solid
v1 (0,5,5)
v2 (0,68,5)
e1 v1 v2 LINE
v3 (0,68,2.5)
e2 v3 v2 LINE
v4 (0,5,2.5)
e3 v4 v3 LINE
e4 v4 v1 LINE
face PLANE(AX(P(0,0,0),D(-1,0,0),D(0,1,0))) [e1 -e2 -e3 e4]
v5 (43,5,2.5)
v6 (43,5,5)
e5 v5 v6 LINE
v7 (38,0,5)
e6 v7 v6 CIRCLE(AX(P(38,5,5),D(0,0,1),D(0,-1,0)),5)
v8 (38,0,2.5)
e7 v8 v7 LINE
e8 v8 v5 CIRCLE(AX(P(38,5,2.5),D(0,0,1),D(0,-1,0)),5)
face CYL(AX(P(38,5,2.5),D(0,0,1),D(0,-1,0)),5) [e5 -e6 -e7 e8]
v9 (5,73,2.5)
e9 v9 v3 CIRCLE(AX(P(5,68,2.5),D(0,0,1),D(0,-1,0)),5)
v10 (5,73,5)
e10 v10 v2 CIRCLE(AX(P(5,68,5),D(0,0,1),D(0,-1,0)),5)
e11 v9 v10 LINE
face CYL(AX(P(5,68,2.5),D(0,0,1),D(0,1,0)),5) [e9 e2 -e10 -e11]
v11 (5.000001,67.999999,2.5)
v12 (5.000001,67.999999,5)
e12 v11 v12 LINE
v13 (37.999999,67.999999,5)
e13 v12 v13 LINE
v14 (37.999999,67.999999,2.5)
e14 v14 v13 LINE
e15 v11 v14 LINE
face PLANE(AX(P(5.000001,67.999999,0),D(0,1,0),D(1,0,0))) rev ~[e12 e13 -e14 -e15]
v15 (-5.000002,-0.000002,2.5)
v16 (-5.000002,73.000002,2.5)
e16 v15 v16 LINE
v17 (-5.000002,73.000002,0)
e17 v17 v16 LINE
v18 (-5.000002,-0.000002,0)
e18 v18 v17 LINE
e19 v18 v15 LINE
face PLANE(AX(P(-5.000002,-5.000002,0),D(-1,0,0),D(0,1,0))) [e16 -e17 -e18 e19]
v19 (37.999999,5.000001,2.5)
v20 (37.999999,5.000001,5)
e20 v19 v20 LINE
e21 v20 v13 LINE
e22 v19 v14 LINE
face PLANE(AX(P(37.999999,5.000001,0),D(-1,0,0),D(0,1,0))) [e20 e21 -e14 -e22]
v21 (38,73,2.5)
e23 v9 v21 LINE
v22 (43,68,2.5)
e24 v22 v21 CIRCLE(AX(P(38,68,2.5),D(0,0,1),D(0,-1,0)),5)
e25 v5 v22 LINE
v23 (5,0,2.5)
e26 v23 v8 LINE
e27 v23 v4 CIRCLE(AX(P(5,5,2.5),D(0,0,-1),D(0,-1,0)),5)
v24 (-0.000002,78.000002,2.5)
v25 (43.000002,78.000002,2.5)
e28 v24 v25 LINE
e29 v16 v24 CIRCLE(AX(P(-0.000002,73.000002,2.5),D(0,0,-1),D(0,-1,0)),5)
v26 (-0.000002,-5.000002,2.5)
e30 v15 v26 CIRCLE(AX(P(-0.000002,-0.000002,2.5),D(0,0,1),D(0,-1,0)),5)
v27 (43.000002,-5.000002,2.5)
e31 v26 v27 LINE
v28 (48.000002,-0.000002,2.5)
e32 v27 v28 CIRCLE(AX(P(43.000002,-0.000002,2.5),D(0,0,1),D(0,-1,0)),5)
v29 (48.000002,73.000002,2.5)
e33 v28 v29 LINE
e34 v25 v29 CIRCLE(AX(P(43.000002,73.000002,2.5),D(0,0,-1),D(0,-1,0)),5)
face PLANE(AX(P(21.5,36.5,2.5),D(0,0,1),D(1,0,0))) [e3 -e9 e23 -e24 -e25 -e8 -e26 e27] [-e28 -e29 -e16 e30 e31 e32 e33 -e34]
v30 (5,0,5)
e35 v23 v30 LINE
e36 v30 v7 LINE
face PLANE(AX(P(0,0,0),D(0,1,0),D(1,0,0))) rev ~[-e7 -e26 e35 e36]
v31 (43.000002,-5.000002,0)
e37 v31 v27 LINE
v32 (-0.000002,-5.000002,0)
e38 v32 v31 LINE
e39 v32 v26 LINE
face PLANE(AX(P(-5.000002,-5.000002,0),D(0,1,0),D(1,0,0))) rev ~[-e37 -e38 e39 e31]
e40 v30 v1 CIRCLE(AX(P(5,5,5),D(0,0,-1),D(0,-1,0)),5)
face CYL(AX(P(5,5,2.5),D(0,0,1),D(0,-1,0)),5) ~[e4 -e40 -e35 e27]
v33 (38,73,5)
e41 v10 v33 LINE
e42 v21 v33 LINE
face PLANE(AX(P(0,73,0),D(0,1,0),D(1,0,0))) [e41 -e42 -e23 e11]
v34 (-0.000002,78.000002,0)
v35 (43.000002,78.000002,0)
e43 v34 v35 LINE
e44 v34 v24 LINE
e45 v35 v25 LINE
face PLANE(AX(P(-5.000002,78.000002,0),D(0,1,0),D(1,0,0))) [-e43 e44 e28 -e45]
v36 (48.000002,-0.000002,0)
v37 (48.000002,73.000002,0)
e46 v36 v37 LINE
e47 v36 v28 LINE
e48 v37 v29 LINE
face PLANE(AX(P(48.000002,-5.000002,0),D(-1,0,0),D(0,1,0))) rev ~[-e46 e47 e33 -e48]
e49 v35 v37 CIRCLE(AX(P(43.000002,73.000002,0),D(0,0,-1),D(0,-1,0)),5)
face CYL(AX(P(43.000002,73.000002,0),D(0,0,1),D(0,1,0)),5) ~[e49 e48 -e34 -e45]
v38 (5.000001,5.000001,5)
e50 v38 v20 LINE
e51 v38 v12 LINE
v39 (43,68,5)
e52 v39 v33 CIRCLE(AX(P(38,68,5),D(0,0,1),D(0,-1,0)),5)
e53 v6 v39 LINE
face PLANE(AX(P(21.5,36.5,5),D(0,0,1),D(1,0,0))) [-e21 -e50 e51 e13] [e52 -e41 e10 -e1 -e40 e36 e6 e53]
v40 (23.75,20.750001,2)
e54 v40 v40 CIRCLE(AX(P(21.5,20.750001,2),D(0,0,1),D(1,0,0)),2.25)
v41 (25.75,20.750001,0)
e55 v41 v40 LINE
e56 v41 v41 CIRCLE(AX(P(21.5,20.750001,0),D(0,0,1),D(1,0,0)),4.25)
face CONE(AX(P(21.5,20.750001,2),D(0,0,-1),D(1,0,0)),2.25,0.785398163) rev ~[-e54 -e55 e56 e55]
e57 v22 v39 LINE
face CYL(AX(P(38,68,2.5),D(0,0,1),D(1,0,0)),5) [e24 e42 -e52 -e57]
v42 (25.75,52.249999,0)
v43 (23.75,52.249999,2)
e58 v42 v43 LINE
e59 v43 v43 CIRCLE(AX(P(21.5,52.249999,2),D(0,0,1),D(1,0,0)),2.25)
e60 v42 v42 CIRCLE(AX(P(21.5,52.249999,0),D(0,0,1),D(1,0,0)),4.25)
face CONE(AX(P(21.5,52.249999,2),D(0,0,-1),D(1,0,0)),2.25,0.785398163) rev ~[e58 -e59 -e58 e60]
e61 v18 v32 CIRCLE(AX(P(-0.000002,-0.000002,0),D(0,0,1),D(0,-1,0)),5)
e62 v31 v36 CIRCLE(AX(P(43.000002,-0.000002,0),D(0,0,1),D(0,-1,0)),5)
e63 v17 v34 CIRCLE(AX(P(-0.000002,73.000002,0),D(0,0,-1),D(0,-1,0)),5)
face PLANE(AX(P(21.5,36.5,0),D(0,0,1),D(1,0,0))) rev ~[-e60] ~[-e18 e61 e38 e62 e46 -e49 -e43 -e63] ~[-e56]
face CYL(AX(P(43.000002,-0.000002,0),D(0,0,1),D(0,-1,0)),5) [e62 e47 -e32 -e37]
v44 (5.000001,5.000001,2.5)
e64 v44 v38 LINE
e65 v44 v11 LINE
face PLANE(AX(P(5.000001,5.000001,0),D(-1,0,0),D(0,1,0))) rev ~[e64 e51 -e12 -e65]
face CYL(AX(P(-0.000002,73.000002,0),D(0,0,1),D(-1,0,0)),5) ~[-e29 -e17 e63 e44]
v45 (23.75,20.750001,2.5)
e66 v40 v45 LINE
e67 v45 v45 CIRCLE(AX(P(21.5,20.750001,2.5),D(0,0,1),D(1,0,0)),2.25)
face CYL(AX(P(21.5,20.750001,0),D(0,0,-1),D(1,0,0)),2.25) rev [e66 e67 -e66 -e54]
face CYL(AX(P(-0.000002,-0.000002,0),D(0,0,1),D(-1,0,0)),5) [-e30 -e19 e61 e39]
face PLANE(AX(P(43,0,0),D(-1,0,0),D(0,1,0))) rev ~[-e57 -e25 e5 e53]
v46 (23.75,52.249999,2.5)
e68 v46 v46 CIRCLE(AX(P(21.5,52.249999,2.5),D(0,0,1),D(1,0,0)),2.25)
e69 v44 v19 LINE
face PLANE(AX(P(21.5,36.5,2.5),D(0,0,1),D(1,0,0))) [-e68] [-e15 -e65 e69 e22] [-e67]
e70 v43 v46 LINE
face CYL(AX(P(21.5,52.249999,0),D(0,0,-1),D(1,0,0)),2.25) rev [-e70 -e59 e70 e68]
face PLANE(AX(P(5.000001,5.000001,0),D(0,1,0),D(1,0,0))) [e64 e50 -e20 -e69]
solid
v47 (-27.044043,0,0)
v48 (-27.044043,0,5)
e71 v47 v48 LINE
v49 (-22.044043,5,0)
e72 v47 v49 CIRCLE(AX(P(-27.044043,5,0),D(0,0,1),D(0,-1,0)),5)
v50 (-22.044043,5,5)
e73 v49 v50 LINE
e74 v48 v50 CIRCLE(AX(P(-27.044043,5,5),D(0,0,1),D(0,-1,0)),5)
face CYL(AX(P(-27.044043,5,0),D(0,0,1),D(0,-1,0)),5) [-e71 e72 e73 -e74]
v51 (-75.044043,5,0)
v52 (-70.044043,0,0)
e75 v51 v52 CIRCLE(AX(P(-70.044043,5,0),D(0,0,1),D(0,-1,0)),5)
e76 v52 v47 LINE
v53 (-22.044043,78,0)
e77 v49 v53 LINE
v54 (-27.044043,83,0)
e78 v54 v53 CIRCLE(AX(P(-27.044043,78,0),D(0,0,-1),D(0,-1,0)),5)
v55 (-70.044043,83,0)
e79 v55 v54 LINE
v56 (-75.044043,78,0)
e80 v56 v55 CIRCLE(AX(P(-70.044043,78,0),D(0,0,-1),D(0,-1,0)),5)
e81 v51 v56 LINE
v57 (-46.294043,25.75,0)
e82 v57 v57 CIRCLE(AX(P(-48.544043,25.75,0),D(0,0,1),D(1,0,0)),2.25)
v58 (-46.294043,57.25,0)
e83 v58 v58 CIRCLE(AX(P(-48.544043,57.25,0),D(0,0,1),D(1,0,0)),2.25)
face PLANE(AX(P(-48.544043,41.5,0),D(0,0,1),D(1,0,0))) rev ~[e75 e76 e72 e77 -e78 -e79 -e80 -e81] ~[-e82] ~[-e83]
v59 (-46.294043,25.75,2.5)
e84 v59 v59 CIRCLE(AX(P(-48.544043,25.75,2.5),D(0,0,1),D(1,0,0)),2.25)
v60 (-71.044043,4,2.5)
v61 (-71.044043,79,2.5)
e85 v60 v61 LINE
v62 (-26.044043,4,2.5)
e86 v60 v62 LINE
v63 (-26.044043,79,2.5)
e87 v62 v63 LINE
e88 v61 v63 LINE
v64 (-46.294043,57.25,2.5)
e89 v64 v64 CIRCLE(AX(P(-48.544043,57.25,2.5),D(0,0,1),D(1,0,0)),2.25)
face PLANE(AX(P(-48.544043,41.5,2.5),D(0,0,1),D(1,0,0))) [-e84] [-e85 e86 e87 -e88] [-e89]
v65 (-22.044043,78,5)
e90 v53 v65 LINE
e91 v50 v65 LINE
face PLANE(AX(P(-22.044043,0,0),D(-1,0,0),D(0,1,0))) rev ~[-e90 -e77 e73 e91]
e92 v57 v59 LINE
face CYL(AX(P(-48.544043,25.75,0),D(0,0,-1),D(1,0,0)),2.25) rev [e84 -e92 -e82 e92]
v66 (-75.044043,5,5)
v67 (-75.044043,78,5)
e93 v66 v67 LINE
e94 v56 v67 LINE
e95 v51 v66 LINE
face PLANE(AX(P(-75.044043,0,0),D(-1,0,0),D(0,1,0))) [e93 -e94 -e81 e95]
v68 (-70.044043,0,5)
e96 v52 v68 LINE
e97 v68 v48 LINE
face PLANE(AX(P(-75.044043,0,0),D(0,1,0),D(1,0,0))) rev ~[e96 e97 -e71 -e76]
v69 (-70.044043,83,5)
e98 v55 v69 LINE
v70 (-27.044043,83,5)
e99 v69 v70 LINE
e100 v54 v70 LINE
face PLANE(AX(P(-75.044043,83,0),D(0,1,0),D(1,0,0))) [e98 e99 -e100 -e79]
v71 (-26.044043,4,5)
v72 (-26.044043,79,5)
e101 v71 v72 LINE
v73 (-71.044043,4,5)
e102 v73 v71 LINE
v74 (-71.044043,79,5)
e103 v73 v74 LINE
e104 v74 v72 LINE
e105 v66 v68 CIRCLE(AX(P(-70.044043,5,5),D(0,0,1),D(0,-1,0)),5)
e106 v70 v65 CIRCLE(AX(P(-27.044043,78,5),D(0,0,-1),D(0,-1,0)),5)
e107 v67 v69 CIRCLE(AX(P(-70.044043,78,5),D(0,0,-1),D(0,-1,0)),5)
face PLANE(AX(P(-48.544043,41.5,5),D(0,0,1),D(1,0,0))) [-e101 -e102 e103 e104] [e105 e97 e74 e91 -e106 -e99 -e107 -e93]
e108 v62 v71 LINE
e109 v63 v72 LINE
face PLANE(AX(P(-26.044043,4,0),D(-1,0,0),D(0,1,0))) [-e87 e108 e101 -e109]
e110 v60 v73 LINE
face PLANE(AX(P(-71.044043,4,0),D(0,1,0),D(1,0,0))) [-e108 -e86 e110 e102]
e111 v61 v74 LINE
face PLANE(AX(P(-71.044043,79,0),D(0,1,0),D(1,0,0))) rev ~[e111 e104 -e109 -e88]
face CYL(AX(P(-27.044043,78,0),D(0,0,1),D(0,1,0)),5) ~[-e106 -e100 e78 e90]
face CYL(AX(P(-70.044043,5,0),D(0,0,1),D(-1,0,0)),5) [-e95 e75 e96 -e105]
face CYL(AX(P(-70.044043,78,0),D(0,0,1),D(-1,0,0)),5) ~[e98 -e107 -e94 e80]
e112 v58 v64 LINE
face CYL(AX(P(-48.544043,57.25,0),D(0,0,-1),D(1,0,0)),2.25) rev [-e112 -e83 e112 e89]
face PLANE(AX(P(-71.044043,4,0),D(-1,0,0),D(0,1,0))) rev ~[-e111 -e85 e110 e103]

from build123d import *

# Parameters (mm, degrees)
F0_W     = 43
F0_H     = 73
F0_W_2   = 32.9999975562
F0_H_2   = 62.9999975562
F1_DEPTH = 5
F0_W_3   = 53
F0_H_3   = 83
F0_W_4   = 45
F0_H_4   = 75
F0_W_5   = 53.0000032187
F0_H_5   = 83.0000032187
F0_R     = 2.25
F2_DEPTH = 2.5
F3_R     = 5
F3_2_R   = 5
F4_SIZE  = 2
F5_DEPTH = 2.5


with BuildPart() as f1:
    # F0 (on Top) → F1 (new body)
    with BuildSketch(Plane.XY):
        with Locations((21.5, 36.5)):
            Rectangle(F0_W, F0_H)
        with Locations((21.5, 36.5)):
            Rectangle(F0_W_2, F0_H_2, mode=Mode.SUBTRACT)
    extrude(amount=F1_DEPTH)

    # F0 (on Top) → F2 (join)
    with BuildSketch(Plane.XY):
        with Locations((21.5, 36.5)):
            Rectangle(F0_W_5, F0_H_5)
        with Locations((21.5, 36.5)):
            Rectangle(F0_W, F0_H, mode=Mode.SUBTRACT)
        with Locations((21.5, 36.5)):
            Rectangle(F0_W_2, F0_H_2)
        with Locations((21.5, 20.7500006109)):
            Circle(F0_R, mode=Mode.SUBTRACT)
        with Locations((21.5, 52.2499993891)):
            Circle(F0_R, mode=Mode.SUBTRACT)
    extrude(amount=F2_DEPTH)

    # F3
    f3_edges = [f1.edges().sort_by_distance(p)[0] for p in [
        (-5.000002, 78.000002, 1.25),
        (0, 73, 3.75),
        (43, 73, 3.75),
        (48.000002, 78.000002, 1.25),
        (-5.000002, -5.000002, 1.25),
        (0, 0, 3.75),
        (48.000002, -5.000002, 1.25),
        (43, 0, 3.75),
    ]]
    fillet(f3_edges, radius=F3_R)

    # F4
    f4_edges = [f1.edges().sort_by_distance(p)[0] for p in [
        (19.25, 52.249999, 0),
        (19.25, 20.750001, 0),
    ]]
    chamfer(f4_edges, length=F4_SIZE)


with BuildPart() as f1b:
    # F0 (on Top) → F1, piece 2 (new body)
    with BuildSketch(Plane.XY):
        with Locations((-48.5440433621, 41.5)):
            Rectangle(F0_W_3, F0_H_3)
        with Locations((-48.5440433621, 41.5)):
            Rectangle(F0_W_4, F0_H_4, mode=Mode.SUBTRACT)
    extrude(amount=F1_DEPTH)

    # F3#2
    f3_2_edges = [f1b.edges().sort_by_distance(p)[0] for p in [
        (-75.044043, 83, 2.5),
        (-22.044043, 83, 2.5),
        (-75.044043, 0, 2.5),
        (-22.044043, 0, 2.5),
    ]]
    fillet(f3_2_edges, radius=F3_2_R)

    # F0 (on Top) → F5 (join)
    with BuildSketch(Plane.XY):
        with Locations((-48.5440433621, 41.5)):
            Rectangle(F0_W_4, F0_H_4)
        with Locations((-48.5440433621, 25.75)):
            Circle(F0_R, mode=Mode.SUBTRACT)
        with Locations((-48.5440433621, 57.25)):
            Circle(F0_R, mode=Mode.SUBTRACT)
    extrude(amount=F5_DEPTH)


solid = Compound([f1.part, f1b.part])
